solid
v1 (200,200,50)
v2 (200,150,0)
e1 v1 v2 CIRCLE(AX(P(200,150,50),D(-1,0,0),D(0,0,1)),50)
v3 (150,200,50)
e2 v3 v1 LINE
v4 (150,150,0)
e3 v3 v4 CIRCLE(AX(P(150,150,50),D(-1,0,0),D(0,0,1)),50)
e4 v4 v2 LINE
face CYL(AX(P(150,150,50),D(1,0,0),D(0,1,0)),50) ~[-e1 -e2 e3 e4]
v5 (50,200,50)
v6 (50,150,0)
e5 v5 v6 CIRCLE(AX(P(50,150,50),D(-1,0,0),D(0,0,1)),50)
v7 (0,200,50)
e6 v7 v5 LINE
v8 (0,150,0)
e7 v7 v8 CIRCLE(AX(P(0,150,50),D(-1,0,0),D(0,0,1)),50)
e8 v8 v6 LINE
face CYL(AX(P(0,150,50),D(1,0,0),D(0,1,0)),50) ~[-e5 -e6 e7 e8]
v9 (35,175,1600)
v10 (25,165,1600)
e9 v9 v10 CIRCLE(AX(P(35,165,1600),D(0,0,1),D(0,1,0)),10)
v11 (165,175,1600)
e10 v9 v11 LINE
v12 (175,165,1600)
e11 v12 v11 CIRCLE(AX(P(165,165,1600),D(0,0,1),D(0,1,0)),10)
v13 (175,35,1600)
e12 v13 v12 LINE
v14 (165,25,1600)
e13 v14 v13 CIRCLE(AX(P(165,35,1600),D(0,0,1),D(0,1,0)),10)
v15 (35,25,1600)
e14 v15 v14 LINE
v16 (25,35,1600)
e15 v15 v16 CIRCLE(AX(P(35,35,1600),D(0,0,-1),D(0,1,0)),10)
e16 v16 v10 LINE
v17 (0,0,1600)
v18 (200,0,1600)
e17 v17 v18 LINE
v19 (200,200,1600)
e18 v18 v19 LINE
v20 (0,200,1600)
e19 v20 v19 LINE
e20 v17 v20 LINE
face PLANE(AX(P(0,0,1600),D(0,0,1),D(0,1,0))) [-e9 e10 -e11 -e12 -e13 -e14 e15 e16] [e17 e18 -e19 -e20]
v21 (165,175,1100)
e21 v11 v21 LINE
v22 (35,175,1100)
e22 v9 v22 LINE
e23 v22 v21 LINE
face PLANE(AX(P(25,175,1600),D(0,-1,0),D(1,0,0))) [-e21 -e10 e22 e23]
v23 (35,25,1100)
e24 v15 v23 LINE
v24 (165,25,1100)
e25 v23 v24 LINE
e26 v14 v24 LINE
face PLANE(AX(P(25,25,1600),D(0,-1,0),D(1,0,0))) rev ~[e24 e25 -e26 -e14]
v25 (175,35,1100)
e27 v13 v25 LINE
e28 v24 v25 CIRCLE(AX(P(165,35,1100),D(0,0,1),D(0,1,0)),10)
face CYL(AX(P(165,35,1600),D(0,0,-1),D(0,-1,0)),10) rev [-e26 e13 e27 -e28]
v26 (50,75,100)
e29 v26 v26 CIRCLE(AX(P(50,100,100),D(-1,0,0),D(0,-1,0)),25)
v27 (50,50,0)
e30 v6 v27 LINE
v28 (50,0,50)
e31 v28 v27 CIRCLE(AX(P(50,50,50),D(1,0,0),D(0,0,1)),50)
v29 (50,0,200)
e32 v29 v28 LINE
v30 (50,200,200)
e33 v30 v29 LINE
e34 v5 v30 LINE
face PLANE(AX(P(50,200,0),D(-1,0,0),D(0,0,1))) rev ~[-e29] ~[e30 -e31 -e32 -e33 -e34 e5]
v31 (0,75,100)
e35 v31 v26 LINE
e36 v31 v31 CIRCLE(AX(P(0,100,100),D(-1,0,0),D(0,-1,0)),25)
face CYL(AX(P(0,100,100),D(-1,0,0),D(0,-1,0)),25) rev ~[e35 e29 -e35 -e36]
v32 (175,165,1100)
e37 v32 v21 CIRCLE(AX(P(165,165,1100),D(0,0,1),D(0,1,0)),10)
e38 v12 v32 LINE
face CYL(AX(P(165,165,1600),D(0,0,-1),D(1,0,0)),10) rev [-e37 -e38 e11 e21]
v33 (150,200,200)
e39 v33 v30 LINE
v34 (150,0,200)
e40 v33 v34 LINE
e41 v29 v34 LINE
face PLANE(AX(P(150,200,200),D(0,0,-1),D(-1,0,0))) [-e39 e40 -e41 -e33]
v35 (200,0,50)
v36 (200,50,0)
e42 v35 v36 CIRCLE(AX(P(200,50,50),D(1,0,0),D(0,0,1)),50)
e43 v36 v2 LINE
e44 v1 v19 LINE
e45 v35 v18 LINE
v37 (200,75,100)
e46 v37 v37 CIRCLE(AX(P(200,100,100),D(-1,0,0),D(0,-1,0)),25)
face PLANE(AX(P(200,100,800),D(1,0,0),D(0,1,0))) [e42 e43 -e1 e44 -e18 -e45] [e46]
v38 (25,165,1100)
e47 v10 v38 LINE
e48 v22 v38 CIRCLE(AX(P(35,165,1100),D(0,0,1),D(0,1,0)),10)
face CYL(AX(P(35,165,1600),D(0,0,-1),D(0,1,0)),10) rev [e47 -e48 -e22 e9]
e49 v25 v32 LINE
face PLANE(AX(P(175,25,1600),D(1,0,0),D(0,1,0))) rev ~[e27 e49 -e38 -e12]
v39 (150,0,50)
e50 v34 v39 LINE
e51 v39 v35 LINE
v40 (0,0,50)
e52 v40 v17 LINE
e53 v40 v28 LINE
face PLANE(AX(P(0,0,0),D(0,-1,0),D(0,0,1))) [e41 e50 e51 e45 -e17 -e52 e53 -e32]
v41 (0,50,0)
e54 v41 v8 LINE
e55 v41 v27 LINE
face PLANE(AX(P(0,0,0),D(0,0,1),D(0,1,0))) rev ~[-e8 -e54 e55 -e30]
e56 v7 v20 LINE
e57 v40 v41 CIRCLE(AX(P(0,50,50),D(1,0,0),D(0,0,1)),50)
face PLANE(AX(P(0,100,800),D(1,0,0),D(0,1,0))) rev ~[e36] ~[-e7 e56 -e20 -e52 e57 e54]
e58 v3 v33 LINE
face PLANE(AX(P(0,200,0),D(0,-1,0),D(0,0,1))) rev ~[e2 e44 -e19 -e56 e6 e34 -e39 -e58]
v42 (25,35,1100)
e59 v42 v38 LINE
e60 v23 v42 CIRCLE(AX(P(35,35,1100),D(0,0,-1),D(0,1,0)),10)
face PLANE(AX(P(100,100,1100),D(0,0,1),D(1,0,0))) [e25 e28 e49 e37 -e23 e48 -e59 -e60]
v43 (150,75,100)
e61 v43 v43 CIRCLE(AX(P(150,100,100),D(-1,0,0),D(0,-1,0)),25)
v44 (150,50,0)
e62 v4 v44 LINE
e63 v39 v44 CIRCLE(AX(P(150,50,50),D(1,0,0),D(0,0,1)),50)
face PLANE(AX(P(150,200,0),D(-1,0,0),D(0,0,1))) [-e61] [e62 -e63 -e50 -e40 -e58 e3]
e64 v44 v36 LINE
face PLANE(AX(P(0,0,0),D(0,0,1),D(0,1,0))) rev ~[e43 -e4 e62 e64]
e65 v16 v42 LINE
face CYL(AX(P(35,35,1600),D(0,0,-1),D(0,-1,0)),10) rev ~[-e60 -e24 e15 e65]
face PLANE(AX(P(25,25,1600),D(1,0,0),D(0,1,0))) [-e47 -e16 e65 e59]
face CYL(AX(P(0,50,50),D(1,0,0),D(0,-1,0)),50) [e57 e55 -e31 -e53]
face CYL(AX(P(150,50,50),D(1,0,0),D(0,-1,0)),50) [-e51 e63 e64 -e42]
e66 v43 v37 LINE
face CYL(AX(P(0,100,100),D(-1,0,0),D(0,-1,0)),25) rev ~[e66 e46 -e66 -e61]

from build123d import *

# Parameters (mm, degrees)
F0_W     = 200
F0_H     = 1600
F1_DEPTH = 200
F2_W     = 100
F2_H     = 200
F3_DEPTH = 400
F4_W     = 150
F4_H     = 150
F5_DEPTH = 500
F6_R     = 25
F7_DEPTH = 300
F8_R     = 10
F9_R     = 50


with BuildPart() as f1:
    # F0 (on Right) → F1 (new body)
    with BuildSketch(Plane.YZ):
        with Locations((100, 800)):
            Rectangle(F0_W, F0_H)
    extrude(amount=F1_DEPTH)

    # F2 (on face) → F3 (cut)
    with BuildSketch(Plane(origin=(0, 200, 0), x_dir=(-1, 0, 0), z_dir=(0, 1, 0))):
        with Locations((-100, 100)):
            Rectangle(F2_W, F2_H)
    extrude(amount=-F3_DEPTH, mode=Mode.SUBTRACT)

    # F4 (on face) → F5 (cut)
    with BuildSketch(Plane.XY.offset(1600)):
        with Locations((100, 100)):
            Rectangle(F4_W, F4_H)
    extrude(amount=-F5_DEPTH, mode=Mode.SUBTRACT)

    # F6 (on face) → F7 (cut)
    with BuildSketch(Plane(origin=(0, 0, 0), x_dir=(0, -1, 0), z_dir=(-1, 0, 0))):
        with Locations((-100, 100)):
            Circle(F6_R)
    extrude(amount=-F7_DEPTH, mode=Mode.SUBTRACT)

    # F8
    f8_edges = [f1.edges().sort_by_distance(p)[0] for p in [
        (25, 175, 1350),
        (175, 175, 1350),
        (25, 25, 1350),
        (175, 25, 1350),
    ]]
    fillet(f8_edges, radius=F8_R)

    # F9
    f9_edges = [f1.edges().sort_by_distance(p)[0] for p in [
        (175, 200, 0),
        (25, 200, 0),
        (25, 0, 0),
        (175, 0, 0),
    ]]
    fillet(f9_edges, radius=F9_R)


solid = f1.part
